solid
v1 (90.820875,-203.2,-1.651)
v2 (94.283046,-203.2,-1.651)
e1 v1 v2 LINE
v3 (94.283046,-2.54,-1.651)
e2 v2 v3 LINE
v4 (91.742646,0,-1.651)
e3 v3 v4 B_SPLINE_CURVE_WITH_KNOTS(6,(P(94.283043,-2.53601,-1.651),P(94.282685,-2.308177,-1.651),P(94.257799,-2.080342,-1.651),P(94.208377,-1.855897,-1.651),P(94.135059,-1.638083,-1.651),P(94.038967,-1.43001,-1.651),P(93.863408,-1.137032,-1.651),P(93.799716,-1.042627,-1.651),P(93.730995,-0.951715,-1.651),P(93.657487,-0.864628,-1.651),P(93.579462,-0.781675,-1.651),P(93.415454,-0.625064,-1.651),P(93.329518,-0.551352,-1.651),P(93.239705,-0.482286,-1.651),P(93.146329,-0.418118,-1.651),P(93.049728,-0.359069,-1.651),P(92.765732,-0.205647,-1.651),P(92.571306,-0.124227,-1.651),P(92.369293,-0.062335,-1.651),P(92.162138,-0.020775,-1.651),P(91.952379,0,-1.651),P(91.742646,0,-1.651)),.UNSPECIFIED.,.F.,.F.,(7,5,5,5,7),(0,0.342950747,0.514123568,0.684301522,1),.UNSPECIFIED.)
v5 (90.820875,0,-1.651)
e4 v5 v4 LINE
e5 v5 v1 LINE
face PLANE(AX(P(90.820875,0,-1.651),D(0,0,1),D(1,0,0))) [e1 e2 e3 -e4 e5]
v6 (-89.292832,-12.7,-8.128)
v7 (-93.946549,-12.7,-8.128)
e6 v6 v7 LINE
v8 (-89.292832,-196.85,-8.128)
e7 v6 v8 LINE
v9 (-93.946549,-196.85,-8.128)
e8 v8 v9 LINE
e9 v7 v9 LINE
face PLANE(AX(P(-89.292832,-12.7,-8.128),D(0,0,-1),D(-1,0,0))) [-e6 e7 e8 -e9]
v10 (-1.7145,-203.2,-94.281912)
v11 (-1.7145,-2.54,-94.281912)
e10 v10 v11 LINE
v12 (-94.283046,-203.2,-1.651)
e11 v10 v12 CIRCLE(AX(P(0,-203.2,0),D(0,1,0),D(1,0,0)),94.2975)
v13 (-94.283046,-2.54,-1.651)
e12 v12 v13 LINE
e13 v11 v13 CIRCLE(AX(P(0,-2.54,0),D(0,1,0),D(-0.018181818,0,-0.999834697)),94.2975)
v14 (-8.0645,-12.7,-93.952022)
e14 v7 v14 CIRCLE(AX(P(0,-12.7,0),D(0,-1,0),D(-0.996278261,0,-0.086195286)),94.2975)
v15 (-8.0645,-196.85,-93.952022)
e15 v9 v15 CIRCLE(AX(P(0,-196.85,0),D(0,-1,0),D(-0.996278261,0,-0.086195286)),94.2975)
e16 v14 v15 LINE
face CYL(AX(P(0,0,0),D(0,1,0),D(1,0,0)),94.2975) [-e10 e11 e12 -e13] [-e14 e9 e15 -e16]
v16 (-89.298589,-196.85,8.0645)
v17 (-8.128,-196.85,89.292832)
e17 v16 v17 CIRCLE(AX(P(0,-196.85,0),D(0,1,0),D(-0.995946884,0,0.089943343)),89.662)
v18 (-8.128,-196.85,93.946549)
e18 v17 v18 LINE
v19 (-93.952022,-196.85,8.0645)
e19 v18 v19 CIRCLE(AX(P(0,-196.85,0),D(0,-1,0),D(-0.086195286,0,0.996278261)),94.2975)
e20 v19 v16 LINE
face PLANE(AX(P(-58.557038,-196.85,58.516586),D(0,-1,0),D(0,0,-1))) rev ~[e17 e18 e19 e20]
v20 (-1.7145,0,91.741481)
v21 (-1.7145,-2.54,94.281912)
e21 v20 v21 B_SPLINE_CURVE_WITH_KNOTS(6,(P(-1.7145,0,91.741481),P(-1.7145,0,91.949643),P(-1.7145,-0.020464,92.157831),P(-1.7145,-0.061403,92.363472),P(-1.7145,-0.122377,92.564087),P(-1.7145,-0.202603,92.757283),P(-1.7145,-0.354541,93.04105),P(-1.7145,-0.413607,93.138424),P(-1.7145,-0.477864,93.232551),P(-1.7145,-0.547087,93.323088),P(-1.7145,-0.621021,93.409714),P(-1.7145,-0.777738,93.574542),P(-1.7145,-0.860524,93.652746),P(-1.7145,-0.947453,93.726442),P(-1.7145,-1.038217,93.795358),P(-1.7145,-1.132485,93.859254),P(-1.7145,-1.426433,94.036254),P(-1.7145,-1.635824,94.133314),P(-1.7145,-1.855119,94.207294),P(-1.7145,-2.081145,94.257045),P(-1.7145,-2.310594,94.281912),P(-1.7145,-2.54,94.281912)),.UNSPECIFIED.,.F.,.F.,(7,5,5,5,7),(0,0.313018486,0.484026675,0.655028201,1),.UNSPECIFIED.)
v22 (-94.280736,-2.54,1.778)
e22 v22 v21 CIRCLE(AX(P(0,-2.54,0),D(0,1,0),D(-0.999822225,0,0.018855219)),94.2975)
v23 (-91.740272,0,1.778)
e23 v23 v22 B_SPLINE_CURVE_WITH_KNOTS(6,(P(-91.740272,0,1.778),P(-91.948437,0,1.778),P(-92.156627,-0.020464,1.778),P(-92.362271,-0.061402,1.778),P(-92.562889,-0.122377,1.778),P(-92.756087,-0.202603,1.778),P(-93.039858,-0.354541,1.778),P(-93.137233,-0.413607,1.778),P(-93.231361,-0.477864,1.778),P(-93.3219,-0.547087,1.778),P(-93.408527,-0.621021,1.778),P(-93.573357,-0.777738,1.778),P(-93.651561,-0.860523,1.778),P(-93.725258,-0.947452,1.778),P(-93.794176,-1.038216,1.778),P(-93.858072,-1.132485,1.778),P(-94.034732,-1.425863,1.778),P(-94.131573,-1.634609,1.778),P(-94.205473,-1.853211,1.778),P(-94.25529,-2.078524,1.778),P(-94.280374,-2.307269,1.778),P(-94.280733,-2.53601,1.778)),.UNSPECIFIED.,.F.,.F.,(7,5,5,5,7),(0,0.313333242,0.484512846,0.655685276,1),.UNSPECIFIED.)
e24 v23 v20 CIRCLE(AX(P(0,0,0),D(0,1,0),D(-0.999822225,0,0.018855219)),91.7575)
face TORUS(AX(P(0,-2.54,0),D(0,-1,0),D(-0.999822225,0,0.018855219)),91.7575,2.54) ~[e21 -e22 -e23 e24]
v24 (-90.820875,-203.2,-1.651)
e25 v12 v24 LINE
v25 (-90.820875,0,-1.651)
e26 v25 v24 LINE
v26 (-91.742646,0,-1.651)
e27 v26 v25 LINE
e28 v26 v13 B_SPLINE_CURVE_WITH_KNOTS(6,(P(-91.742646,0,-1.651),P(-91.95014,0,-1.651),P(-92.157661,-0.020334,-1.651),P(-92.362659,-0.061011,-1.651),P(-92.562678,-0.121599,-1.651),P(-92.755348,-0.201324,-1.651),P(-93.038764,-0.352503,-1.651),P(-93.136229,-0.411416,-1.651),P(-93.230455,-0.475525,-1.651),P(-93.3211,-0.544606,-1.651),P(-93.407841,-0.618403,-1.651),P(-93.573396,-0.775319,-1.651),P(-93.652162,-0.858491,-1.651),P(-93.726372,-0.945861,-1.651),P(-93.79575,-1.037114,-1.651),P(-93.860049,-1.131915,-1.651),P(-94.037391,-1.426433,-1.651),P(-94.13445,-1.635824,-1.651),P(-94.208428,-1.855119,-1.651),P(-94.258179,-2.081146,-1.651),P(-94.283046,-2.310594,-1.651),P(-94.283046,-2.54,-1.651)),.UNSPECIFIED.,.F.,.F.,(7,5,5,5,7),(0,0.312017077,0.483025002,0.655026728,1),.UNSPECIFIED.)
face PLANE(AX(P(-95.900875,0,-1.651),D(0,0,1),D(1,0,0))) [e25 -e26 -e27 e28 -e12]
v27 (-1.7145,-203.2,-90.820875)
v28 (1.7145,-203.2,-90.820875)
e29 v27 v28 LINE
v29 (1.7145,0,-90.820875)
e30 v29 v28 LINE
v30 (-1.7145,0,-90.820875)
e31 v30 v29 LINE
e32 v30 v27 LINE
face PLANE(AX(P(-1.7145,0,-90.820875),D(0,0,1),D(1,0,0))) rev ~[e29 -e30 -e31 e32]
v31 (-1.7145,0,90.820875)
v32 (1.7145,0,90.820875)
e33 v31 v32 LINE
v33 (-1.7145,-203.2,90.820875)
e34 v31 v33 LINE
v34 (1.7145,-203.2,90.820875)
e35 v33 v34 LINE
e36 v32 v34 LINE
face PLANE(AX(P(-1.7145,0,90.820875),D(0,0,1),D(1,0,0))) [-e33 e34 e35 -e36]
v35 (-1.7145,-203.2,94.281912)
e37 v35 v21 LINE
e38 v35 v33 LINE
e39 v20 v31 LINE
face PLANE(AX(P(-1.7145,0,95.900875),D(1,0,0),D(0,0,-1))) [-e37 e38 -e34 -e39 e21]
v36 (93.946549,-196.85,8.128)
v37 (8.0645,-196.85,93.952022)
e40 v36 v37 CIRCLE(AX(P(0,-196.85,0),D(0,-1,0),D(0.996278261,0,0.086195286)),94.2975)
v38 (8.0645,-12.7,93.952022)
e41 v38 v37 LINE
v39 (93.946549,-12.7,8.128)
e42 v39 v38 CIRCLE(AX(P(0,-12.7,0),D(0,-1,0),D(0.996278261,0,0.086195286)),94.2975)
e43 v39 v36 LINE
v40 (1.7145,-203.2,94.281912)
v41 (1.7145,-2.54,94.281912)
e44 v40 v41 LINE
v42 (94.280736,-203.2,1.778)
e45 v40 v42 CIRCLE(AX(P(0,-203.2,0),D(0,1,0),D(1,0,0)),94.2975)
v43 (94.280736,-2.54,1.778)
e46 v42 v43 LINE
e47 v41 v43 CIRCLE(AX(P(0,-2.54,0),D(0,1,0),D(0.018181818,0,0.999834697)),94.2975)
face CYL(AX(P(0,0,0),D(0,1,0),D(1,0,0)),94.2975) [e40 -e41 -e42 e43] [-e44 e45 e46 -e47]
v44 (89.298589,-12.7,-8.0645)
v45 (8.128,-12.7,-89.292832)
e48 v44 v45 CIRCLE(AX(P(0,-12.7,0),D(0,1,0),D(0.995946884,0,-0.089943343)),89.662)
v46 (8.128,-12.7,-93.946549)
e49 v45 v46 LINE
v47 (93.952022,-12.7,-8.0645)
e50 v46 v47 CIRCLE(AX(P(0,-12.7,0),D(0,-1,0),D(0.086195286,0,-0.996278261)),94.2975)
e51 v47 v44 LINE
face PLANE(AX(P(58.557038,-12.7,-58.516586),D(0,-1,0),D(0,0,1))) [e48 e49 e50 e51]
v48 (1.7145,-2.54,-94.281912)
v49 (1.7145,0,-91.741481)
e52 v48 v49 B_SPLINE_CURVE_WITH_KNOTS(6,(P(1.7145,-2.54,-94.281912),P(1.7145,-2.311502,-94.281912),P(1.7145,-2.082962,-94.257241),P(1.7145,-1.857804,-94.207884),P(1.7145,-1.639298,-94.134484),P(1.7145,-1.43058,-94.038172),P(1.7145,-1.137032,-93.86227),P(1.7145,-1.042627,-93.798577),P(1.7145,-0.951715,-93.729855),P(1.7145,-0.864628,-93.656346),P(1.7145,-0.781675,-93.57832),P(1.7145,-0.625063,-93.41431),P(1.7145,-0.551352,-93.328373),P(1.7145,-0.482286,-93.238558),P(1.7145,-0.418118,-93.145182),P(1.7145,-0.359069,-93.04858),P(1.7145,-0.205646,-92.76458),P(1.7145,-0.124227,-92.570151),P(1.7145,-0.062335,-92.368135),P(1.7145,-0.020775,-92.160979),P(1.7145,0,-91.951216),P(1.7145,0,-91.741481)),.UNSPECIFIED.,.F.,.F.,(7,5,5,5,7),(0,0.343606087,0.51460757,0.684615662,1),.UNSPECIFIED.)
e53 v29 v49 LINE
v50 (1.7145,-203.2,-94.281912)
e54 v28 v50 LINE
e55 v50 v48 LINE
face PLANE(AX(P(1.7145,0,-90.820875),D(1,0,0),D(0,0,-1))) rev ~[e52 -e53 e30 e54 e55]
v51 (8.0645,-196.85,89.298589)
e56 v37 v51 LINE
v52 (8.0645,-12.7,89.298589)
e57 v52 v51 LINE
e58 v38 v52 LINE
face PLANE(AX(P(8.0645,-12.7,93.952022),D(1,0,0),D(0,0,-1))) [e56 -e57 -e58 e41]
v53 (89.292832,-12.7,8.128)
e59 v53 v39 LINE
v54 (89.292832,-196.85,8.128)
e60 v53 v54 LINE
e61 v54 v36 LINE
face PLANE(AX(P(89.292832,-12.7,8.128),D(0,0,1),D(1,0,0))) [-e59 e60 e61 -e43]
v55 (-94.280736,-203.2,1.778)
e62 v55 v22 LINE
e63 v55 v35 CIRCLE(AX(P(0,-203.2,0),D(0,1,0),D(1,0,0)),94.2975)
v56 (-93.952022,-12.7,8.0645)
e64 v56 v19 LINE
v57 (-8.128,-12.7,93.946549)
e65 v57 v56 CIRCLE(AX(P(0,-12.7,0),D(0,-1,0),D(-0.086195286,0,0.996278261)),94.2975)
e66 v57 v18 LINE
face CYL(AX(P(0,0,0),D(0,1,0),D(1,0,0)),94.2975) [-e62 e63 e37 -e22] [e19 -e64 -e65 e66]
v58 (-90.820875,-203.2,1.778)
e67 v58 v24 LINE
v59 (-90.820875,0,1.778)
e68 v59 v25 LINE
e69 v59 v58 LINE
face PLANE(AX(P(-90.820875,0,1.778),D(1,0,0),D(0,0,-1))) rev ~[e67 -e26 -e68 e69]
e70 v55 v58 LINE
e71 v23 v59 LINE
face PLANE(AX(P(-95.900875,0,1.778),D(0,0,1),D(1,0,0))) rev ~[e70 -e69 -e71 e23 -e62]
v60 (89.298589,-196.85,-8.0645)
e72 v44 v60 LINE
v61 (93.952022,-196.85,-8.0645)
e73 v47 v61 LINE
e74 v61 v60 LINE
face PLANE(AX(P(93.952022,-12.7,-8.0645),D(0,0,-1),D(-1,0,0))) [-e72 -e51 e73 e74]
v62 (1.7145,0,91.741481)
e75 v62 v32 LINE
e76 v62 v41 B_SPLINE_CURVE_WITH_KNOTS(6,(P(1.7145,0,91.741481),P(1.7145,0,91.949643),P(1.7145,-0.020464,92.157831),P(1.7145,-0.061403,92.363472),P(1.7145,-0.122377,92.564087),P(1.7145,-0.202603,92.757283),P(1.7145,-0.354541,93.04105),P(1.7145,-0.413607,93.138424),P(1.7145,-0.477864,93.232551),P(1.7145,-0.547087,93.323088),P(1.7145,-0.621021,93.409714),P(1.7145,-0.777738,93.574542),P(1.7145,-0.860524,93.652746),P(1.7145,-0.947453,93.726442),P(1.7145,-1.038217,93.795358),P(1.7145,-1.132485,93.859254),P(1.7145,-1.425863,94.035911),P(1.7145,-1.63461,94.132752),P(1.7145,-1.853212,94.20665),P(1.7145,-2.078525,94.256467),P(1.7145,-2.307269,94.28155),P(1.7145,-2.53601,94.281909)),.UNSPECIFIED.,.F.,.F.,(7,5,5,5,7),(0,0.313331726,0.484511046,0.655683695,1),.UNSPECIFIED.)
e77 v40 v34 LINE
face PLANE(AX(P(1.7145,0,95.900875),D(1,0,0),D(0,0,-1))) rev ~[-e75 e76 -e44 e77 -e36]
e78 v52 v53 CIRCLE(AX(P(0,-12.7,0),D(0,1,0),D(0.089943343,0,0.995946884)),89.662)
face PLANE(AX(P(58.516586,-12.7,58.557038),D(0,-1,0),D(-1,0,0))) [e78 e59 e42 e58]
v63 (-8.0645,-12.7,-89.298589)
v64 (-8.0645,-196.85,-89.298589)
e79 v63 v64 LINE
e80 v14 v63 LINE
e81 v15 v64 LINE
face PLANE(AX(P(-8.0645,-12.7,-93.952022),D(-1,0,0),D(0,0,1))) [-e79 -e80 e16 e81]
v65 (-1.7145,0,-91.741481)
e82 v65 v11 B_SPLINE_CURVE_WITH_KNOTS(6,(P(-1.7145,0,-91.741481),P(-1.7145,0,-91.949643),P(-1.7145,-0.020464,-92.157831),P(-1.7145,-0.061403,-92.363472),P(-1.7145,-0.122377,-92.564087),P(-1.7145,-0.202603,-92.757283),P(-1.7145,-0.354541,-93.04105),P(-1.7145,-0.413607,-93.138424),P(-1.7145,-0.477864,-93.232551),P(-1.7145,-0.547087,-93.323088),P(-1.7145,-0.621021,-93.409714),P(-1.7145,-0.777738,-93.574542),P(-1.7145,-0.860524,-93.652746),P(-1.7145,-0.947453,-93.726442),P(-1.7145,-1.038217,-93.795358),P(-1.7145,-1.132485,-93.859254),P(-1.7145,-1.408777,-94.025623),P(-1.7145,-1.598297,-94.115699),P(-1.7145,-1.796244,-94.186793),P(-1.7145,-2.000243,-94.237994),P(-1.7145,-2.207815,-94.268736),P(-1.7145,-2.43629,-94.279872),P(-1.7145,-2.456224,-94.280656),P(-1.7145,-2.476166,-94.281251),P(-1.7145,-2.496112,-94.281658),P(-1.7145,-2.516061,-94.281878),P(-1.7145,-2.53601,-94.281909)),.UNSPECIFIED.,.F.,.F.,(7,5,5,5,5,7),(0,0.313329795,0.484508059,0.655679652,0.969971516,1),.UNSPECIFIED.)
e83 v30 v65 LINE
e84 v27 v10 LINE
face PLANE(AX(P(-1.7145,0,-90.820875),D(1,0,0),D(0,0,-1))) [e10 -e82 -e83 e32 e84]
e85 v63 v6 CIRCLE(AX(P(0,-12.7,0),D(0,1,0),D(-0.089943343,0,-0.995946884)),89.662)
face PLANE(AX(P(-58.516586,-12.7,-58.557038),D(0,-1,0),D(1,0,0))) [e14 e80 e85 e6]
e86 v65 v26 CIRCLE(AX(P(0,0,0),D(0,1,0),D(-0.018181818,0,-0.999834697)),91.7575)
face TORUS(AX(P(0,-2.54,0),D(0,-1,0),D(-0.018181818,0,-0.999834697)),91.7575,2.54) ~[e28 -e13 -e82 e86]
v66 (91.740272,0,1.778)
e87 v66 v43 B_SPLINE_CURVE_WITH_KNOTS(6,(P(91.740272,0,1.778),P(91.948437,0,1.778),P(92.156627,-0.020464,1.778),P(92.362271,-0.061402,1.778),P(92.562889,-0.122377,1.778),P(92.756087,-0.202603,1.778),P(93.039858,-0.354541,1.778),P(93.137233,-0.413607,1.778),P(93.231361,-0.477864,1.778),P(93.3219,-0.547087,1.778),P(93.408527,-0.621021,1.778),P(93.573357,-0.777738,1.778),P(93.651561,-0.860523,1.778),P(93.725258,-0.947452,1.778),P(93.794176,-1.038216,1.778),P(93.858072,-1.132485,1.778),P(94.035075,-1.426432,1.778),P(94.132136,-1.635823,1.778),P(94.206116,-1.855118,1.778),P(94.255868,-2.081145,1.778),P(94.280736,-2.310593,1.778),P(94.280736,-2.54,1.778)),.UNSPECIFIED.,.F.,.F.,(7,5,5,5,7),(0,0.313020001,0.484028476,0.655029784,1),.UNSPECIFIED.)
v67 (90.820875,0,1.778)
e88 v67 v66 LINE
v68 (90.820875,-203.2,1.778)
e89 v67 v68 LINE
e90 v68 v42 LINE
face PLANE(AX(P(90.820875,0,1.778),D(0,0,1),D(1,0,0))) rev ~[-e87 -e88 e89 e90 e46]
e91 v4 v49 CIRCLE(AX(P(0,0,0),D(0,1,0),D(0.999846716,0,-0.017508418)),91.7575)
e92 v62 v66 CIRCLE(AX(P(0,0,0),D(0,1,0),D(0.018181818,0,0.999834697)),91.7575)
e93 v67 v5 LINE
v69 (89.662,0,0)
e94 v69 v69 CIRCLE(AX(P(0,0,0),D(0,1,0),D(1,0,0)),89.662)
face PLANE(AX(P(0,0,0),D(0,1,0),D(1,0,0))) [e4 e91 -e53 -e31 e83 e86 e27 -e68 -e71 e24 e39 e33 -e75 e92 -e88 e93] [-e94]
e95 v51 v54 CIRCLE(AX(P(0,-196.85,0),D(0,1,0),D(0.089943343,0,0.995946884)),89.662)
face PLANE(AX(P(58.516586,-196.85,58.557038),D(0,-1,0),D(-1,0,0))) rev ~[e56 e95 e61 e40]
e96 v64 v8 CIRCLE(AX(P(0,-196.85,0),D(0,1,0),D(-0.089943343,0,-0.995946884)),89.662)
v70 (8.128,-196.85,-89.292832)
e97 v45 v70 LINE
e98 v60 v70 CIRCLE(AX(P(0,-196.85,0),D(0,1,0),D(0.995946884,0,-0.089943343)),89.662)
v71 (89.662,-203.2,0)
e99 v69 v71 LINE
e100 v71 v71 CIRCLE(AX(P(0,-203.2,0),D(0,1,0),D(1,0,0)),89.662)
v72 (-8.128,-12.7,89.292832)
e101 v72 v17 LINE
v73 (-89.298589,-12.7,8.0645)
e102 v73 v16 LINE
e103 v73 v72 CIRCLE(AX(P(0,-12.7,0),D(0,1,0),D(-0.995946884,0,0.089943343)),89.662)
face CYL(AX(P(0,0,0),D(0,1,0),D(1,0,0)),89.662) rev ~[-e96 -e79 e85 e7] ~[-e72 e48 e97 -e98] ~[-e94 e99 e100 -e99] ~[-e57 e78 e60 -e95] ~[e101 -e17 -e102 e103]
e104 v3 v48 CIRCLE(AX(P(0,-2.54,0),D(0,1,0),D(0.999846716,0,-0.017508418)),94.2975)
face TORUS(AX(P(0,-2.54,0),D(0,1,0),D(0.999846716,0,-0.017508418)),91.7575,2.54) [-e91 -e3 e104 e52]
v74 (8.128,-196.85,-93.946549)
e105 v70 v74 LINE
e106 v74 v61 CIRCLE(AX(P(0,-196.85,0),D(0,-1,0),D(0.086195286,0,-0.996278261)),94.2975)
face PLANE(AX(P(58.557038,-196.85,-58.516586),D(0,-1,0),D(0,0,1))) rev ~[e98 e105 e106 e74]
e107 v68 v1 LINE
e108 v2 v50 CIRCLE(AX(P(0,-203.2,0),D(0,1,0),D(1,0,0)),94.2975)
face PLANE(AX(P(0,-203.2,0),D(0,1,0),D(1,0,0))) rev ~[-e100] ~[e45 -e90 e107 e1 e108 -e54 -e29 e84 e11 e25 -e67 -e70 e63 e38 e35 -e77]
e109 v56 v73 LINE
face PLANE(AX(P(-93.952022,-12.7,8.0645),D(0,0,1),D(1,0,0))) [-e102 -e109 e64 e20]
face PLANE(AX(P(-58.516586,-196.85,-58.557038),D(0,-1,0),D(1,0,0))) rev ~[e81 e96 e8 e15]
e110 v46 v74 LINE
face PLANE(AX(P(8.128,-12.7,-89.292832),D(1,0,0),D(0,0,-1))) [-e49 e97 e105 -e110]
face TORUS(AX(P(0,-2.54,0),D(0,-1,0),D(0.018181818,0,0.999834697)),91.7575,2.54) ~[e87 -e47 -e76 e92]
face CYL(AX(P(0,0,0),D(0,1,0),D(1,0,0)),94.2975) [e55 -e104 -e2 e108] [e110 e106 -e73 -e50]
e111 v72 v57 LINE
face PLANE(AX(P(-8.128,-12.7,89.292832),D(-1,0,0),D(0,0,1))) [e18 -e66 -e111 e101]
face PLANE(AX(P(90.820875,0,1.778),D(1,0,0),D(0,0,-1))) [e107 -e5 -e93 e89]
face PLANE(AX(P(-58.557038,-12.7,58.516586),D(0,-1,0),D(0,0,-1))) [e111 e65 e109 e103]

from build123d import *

# Parameters (mm, degrees)
SKETCH1_R           = 94.2975
SKETCH1_R_2         = 89.662
BOSS_EXTRUDE1_DEPTH = 203.2
SKETCH5_W           = 3.429
SKETCH5_H           = 5.08
SKETCH5_W_2         = 5.08
SKETCH5_H_2         = 3.429
CUT_EXTRUDE1_DEPTH  = 203.2
CUT_EXTRUDE2_START  = -12.7
CUT_EXTRUDE2_DEPTH  = 184.15
CIRPATTERN1_COUNT   = 4
FILLET1_R           = 2.54


with BuildPart() as part:
    # Sketch1 → Boss-Extrude1 (new body)
    with BuildSketch(Plane(origin=(0, 0, 0), x_dir=(1, 0, 0), z_dir=(0, 1, 0))):
        Circle(SKETCH1_R)
        Circle(SKETCH1_R_2, mode=Mode.SUBTRACT)
    extrude(amount=-BOSS_EXTRUDE1_DEPTH)

    # Sketch5 → Cut-Extrude1 (cut)
    with BuildSketch(Plane(origin=(0, 0, 0), x_dir=(1, 0, 0), z_dir=(0, 1, 0))):
        with Locations((0, 93.360875)):
            Rectangle(SKETCH5_W, SKETCH5_H)
        with Locations((0, -93.360875)):
            Rectangle(SKETCH5_W, SKETCH5_H)
        with Locations((-93.360875, -0.0635)):
            Rectangle(SKETCH5_W_2, SKETCH5_H_2)
        with Locations((93.360875, -0.0635)):
            Rectangle(SKETCH5_W_2, SKETCH5_H_2)
    extrude(amount=-CUT_EXTRUDE1_DEPTH, mode=Mode.SUBTRACT)

    # Sketch7 → Cut-Extrude2 (cut)
    with BuildSketch(Plane(origin=(0, 0, 0), x_dir=(1, 0, 0), z_dir=(0, 1, 0)).offset(CUT_EXTRUDE2_START)):
        with BuildLine():
            Line((89.292832075, -8.128), (93.946549283, -8.128))
            ThreePointArc((93.946549283, -8.128), (66.655864041, -66.700931742), (8.0645, -93.952021511))
            Line((8.0645, -93.952021511), (8.0645, -89.298589484))
            ThreePointArc((8.0645, -89.298589484), (63.378061476, -63.423146938), (89.292832075, -8.128))
        make_face()
    cut_extrude2 = extrude(amount=-CUT_EXTRUDE2_DEPTH, mode=Mode.SUBTRACT)

    # CirPattern1: Cut-Extrude2 ×4 about axis
    cirpattern1_axis = Axis((0, 0, 0), (0, 1, 0))
    for i in range(1, CIRPATTERN1_COUNT):
        add(cut_extrude2.rotate(cirpattern1_axis, i * 360 / CIRPATTERN1_COUNT), mode=Mode.SUBTRACT)

    # Fillet1
    fillet1_edges = [part.edges().sort_by_distance(p)[0] for p in [
        (66.700852134, 0, -66.655943702),
        (-66.700852134, 0, -66.655943702),
        (-66.655943427, 0, 66.700852409),
        (66.655943427, 0, 66.700852409),
    ]]
    fillet(fillet1_edges, radius=FILLET1_R)


solid = part.part
